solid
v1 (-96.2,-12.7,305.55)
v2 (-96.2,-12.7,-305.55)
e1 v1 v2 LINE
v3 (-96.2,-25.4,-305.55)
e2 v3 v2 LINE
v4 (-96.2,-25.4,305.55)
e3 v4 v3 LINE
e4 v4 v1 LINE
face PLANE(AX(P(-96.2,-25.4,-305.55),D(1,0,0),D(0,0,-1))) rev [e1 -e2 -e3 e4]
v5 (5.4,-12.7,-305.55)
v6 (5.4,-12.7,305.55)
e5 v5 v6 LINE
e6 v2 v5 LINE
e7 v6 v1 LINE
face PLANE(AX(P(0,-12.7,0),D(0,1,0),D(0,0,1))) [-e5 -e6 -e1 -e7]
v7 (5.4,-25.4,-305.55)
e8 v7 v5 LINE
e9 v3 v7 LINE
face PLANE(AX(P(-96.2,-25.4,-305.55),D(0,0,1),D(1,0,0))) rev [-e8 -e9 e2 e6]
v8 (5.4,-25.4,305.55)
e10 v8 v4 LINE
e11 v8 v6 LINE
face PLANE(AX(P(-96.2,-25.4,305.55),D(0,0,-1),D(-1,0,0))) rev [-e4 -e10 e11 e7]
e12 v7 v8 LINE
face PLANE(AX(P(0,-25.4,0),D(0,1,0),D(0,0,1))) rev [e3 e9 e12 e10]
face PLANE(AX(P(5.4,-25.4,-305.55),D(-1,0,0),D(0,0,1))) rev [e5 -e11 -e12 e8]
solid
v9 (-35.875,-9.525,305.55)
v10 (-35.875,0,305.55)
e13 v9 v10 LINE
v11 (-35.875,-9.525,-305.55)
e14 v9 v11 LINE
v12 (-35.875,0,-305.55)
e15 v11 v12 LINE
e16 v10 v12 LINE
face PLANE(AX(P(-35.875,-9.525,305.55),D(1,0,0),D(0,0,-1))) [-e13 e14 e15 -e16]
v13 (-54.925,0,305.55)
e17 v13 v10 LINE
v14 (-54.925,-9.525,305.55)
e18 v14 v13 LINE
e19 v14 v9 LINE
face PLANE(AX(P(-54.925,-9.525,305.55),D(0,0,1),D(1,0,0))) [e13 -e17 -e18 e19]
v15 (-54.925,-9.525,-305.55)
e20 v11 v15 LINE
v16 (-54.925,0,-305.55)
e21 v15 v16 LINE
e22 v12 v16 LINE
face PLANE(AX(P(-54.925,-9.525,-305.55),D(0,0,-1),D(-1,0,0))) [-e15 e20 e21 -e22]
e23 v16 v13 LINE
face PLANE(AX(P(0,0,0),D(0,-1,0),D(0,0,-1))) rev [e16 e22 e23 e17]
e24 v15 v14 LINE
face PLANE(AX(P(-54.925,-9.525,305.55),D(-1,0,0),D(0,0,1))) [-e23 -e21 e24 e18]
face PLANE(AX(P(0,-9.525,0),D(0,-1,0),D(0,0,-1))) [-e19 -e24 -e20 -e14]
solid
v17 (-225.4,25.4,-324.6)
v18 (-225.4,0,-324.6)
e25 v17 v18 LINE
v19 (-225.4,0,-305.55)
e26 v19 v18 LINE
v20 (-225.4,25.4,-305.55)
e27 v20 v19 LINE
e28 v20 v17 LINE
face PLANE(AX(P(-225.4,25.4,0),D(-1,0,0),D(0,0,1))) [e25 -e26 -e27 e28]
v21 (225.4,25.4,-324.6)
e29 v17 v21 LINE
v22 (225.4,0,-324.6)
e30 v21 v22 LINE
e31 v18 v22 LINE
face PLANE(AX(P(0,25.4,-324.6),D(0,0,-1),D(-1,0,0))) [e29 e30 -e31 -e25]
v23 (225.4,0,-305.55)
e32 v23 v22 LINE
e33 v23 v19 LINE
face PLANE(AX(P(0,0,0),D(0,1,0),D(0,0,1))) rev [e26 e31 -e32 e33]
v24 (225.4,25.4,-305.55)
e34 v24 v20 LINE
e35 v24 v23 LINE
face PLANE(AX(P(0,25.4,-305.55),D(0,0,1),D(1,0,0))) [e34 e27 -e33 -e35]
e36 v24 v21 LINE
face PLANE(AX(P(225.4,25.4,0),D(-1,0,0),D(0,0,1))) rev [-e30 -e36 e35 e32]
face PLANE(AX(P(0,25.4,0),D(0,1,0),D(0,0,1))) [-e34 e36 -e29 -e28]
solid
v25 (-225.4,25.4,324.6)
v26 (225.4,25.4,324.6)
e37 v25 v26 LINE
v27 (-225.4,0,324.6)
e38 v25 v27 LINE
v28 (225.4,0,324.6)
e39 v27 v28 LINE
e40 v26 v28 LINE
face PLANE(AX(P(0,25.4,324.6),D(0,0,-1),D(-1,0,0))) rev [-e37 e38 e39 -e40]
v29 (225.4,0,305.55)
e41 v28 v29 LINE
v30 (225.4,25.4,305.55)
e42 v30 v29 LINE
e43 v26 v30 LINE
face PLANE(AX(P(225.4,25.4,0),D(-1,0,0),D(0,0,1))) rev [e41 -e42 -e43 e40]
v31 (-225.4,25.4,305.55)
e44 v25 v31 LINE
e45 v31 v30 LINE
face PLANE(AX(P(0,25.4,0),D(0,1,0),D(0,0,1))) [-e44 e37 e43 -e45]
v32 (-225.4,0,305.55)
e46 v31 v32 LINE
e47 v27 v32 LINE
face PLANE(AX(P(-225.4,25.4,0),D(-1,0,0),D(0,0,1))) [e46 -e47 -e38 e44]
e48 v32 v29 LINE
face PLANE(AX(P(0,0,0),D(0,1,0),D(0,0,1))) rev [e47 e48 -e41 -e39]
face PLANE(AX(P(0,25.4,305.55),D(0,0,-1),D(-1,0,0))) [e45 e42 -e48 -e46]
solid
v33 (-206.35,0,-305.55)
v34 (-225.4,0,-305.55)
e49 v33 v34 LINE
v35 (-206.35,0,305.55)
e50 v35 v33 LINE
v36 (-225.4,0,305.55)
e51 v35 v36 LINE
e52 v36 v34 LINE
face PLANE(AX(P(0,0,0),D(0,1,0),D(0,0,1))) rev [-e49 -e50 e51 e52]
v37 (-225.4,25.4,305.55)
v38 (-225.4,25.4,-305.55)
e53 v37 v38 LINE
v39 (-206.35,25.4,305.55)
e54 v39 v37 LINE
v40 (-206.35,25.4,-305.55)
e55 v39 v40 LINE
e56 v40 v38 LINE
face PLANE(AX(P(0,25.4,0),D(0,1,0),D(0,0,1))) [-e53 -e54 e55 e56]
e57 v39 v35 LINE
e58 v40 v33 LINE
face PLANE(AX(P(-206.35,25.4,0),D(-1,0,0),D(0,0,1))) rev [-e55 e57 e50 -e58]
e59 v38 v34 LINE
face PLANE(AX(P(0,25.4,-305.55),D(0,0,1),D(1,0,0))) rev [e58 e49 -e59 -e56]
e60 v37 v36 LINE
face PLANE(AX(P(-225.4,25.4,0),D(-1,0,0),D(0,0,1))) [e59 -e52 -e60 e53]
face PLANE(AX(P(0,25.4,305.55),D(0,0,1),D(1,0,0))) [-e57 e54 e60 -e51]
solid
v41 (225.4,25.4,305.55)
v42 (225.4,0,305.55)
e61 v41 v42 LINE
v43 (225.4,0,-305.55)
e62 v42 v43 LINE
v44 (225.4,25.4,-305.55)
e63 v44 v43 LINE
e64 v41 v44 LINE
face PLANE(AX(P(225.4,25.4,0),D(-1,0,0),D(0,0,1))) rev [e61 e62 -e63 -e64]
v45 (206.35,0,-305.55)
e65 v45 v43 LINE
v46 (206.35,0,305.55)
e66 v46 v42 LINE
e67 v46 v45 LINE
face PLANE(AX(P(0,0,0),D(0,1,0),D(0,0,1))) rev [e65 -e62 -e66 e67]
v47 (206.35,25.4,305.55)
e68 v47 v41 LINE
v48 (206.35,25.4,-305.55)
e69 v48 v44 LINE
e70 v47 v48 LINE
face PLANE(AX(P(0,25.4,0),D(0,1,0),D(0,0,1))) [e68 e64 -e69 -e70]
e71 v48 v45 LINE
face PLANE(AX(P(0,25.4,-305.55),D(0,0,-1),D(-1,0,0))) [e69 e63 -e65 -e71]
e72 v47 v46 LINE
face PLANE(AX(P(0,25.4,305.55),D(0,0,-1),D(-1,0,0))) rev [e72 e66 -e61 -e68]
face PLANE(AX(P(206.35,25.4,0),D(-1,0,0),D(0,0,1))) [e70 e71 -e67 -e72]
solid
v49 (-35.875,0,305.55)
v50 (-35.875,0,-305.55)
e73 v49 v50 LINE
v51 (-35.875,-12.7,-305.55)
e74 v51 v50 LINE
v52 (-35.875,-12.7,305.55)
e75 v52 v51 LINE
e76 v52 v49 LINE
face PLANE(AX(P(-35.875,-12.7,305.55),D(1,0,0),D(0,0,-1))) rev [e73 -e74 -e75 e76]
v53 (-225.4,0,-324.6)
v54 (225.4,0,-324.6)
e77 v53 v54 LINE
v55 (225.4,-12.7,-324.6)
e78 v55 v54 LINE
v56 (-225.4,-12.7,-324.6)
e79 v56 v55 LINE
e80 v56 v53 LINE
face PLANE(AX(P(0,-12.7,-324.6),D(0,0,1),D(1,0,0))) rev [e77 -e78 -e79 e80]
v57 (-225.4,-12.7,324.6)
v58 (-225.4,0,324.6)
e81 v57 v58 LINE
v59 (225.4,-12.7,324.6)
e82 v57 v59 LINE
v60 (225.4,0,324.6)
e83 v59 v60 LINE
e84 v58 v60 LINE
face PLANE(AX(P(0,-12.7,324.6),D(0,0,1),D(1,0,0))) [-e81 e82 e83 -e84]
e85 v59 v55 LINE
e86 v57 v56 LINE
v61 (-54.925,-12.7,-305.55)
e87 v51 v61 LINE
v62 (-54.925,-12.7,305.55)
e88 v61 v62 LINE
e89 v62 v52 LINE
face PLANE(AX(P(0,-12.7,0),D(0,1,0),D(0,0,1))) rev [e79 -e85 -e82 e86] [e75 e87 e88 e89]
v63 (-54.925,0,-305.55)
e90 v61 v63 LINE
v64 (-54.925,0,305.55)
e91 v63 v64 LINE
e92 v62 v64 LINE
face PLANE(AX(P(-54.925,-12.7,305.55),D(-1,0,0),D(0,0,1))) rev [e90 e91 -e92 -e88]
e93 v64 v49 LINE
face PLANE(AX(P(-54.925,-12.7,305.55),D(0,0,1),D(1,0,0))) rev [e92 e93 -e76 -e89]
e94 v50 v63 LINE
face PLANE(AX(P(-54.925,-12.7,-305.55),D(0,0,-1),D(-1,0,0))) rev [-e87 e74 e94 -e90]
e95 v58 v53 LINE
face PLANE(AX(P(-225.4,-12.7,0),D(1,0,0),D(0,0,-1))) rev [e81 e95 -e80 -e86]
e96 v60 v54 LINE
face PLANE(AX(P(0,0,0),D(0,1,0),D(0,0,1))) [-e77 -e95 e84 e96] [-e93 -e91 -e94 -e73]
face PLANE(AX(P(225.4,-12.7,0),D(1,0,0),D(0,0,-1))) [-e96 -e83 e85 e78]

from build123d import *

# Parameters (mm, degrees)
SKETCH1_W             = 450.8
SKETCH1_H             = 649.2
BOSS_EXTRUDE1_DEPTH   = 12.7
SKETCH1_3_W           = 19.05
SKETCH1_3_H           = 611.1
BOSS_EXTRUDE2_DEPTH   = 25.4
BOSS_EXTRUDE2_2_DEPTH = 25.4
SKETCH1_4_W           = 450.8
SKETCH1_4_H           = 19.05
BOSS_EXTRUDE3_DEPTH   = 25.4
BOSS_EXTRUDE3_2_DEPTH = 25.4
SKETCH4_W             = 101.6
SKETCH4_H             = 611.1
BOSS_EXTRUDE5_DEPTH   = 12.7
SKETCH2_W             = 19.05
SKETCH2_H             = 611.1
CUT_EXTRUDE1_DEPTH    = 12.7
SKETCH2_2_W           = 19.05
SKETCH2_2_H           = 611.1
BOSS_EXTRUDE4_DEPTH   = 9.525


with BuildPart() as part:
    # Sketch1 → Boss-Extrude1 (new body)
    with BuildSketch(Plane(origin=(0, 0, 0), x_dir=(1, 0, 0), z_dir=(0, 1, 0))):
        Rectangle(SKETCH1_W, SKETCH1_H)
    extrude(amount=-BOSS_EXTRUDE1_DEPTH)

    # Sketch2 → Cut-Extrude1 (cut)
    with BuildSketch(Plane(origin=(0, 0, 0), x_dir=(1, 0, 0), z_dir=(0, 1, 0))):
        with Locations((-45.4, 0)):
            Rectangle(SKETCH2_W, SKETCH2_H)
    extrude(amount=-CUT_EXTRUDE1_DEPTH, mode=Mode.SUBTRACT)


with BuildPart() as body_2:
    # Sketch1<3> → Boss-Extrude2 (new body)
    with BuildSketch(Plane(origin=(0, 0, 0), x_dir=(1, 0, 0), z_dir=(0, 1, 0))):
        with Locations((215.875, 0)):
            Rectangle(SKETCH1_3_W, SKETCH1_3_H)
    extrude(amount=BOSS_EXTRUDE2_DEPTH)


with BuildPart() as body_3:
    # Sketch1<3> → Boss-Extrude2 2 (new body)
    with BuildSketch(Plane(origin=(0, 0, 0), x_dir=(1, 0, 0), z_dir=(0, 1, 0))):
        with Locations((-215.875, 0)):
            Rectangle(SKETCH1_3_W, SKETCH1_3_H)
    extrude(amount=BOSS_EXTRUDE2_2_DEPTH)


with BuildPart() as body_4:
    # Sketch1<4> → Boss-Extrude3 (new body)
    with BuildSketch(Plane(origin=(0, 0, 0), x_dir=(1, 0, 0), z_dir=(0, 1, 0))):
        with Locations((0, 315.075)):
            Rectangle(SKETCH1_4_W, SKETCH1_4_H)
    extrude(amount=BOSS_EXTRUDE3_DEPTH)


with BuildPart() as body_5:
    # Sketch1<4> → Boss-Extrude3 2 (new body)
    with BuildSketch(Plane(origin=(0, 0, 0), x_dir=(1, 0, 0), z_dir=(0, 1, 0))):
        with Locations((0, -315.075)):
            Rectangle(SKETCH1_4_W, SKETCH1_4_H)
    extrude(amount=BOSS_EXTRUDE3_2_DEPTH)


with BuildPart() as body_6:
    # Sketch4 → Boss-Extrude5 (new body)
    with BuildSketch(Plane.XZ.offset(12.7)):
        with Locations((-45.4, 0)):
            Rectangle(SKETCH4_W, SKETCH4_H)
    extrude(amount=BOSS_EXTRUDE5_DEPTH)


with BuildPart() as body_7:
    # Sketch2<2> → Boss-Extrude4 (new body)
    with BuildSketch(Plane(origin=(0, 0, 0), x_dir=(1, 0, 0), z_dir=(0, 1, 0))):
        with Locations((-45.4, 0)):
            Rectangle(SKETCH2_2_W, SKETCH2_2_H)
    extrude(amount=-BOSS_EXTRUDE4_DEPTH)


solid = Compound([part.part, body_2.part, body_3.part, body_4.part, body_5.part, body_6.part, body_7.part])
